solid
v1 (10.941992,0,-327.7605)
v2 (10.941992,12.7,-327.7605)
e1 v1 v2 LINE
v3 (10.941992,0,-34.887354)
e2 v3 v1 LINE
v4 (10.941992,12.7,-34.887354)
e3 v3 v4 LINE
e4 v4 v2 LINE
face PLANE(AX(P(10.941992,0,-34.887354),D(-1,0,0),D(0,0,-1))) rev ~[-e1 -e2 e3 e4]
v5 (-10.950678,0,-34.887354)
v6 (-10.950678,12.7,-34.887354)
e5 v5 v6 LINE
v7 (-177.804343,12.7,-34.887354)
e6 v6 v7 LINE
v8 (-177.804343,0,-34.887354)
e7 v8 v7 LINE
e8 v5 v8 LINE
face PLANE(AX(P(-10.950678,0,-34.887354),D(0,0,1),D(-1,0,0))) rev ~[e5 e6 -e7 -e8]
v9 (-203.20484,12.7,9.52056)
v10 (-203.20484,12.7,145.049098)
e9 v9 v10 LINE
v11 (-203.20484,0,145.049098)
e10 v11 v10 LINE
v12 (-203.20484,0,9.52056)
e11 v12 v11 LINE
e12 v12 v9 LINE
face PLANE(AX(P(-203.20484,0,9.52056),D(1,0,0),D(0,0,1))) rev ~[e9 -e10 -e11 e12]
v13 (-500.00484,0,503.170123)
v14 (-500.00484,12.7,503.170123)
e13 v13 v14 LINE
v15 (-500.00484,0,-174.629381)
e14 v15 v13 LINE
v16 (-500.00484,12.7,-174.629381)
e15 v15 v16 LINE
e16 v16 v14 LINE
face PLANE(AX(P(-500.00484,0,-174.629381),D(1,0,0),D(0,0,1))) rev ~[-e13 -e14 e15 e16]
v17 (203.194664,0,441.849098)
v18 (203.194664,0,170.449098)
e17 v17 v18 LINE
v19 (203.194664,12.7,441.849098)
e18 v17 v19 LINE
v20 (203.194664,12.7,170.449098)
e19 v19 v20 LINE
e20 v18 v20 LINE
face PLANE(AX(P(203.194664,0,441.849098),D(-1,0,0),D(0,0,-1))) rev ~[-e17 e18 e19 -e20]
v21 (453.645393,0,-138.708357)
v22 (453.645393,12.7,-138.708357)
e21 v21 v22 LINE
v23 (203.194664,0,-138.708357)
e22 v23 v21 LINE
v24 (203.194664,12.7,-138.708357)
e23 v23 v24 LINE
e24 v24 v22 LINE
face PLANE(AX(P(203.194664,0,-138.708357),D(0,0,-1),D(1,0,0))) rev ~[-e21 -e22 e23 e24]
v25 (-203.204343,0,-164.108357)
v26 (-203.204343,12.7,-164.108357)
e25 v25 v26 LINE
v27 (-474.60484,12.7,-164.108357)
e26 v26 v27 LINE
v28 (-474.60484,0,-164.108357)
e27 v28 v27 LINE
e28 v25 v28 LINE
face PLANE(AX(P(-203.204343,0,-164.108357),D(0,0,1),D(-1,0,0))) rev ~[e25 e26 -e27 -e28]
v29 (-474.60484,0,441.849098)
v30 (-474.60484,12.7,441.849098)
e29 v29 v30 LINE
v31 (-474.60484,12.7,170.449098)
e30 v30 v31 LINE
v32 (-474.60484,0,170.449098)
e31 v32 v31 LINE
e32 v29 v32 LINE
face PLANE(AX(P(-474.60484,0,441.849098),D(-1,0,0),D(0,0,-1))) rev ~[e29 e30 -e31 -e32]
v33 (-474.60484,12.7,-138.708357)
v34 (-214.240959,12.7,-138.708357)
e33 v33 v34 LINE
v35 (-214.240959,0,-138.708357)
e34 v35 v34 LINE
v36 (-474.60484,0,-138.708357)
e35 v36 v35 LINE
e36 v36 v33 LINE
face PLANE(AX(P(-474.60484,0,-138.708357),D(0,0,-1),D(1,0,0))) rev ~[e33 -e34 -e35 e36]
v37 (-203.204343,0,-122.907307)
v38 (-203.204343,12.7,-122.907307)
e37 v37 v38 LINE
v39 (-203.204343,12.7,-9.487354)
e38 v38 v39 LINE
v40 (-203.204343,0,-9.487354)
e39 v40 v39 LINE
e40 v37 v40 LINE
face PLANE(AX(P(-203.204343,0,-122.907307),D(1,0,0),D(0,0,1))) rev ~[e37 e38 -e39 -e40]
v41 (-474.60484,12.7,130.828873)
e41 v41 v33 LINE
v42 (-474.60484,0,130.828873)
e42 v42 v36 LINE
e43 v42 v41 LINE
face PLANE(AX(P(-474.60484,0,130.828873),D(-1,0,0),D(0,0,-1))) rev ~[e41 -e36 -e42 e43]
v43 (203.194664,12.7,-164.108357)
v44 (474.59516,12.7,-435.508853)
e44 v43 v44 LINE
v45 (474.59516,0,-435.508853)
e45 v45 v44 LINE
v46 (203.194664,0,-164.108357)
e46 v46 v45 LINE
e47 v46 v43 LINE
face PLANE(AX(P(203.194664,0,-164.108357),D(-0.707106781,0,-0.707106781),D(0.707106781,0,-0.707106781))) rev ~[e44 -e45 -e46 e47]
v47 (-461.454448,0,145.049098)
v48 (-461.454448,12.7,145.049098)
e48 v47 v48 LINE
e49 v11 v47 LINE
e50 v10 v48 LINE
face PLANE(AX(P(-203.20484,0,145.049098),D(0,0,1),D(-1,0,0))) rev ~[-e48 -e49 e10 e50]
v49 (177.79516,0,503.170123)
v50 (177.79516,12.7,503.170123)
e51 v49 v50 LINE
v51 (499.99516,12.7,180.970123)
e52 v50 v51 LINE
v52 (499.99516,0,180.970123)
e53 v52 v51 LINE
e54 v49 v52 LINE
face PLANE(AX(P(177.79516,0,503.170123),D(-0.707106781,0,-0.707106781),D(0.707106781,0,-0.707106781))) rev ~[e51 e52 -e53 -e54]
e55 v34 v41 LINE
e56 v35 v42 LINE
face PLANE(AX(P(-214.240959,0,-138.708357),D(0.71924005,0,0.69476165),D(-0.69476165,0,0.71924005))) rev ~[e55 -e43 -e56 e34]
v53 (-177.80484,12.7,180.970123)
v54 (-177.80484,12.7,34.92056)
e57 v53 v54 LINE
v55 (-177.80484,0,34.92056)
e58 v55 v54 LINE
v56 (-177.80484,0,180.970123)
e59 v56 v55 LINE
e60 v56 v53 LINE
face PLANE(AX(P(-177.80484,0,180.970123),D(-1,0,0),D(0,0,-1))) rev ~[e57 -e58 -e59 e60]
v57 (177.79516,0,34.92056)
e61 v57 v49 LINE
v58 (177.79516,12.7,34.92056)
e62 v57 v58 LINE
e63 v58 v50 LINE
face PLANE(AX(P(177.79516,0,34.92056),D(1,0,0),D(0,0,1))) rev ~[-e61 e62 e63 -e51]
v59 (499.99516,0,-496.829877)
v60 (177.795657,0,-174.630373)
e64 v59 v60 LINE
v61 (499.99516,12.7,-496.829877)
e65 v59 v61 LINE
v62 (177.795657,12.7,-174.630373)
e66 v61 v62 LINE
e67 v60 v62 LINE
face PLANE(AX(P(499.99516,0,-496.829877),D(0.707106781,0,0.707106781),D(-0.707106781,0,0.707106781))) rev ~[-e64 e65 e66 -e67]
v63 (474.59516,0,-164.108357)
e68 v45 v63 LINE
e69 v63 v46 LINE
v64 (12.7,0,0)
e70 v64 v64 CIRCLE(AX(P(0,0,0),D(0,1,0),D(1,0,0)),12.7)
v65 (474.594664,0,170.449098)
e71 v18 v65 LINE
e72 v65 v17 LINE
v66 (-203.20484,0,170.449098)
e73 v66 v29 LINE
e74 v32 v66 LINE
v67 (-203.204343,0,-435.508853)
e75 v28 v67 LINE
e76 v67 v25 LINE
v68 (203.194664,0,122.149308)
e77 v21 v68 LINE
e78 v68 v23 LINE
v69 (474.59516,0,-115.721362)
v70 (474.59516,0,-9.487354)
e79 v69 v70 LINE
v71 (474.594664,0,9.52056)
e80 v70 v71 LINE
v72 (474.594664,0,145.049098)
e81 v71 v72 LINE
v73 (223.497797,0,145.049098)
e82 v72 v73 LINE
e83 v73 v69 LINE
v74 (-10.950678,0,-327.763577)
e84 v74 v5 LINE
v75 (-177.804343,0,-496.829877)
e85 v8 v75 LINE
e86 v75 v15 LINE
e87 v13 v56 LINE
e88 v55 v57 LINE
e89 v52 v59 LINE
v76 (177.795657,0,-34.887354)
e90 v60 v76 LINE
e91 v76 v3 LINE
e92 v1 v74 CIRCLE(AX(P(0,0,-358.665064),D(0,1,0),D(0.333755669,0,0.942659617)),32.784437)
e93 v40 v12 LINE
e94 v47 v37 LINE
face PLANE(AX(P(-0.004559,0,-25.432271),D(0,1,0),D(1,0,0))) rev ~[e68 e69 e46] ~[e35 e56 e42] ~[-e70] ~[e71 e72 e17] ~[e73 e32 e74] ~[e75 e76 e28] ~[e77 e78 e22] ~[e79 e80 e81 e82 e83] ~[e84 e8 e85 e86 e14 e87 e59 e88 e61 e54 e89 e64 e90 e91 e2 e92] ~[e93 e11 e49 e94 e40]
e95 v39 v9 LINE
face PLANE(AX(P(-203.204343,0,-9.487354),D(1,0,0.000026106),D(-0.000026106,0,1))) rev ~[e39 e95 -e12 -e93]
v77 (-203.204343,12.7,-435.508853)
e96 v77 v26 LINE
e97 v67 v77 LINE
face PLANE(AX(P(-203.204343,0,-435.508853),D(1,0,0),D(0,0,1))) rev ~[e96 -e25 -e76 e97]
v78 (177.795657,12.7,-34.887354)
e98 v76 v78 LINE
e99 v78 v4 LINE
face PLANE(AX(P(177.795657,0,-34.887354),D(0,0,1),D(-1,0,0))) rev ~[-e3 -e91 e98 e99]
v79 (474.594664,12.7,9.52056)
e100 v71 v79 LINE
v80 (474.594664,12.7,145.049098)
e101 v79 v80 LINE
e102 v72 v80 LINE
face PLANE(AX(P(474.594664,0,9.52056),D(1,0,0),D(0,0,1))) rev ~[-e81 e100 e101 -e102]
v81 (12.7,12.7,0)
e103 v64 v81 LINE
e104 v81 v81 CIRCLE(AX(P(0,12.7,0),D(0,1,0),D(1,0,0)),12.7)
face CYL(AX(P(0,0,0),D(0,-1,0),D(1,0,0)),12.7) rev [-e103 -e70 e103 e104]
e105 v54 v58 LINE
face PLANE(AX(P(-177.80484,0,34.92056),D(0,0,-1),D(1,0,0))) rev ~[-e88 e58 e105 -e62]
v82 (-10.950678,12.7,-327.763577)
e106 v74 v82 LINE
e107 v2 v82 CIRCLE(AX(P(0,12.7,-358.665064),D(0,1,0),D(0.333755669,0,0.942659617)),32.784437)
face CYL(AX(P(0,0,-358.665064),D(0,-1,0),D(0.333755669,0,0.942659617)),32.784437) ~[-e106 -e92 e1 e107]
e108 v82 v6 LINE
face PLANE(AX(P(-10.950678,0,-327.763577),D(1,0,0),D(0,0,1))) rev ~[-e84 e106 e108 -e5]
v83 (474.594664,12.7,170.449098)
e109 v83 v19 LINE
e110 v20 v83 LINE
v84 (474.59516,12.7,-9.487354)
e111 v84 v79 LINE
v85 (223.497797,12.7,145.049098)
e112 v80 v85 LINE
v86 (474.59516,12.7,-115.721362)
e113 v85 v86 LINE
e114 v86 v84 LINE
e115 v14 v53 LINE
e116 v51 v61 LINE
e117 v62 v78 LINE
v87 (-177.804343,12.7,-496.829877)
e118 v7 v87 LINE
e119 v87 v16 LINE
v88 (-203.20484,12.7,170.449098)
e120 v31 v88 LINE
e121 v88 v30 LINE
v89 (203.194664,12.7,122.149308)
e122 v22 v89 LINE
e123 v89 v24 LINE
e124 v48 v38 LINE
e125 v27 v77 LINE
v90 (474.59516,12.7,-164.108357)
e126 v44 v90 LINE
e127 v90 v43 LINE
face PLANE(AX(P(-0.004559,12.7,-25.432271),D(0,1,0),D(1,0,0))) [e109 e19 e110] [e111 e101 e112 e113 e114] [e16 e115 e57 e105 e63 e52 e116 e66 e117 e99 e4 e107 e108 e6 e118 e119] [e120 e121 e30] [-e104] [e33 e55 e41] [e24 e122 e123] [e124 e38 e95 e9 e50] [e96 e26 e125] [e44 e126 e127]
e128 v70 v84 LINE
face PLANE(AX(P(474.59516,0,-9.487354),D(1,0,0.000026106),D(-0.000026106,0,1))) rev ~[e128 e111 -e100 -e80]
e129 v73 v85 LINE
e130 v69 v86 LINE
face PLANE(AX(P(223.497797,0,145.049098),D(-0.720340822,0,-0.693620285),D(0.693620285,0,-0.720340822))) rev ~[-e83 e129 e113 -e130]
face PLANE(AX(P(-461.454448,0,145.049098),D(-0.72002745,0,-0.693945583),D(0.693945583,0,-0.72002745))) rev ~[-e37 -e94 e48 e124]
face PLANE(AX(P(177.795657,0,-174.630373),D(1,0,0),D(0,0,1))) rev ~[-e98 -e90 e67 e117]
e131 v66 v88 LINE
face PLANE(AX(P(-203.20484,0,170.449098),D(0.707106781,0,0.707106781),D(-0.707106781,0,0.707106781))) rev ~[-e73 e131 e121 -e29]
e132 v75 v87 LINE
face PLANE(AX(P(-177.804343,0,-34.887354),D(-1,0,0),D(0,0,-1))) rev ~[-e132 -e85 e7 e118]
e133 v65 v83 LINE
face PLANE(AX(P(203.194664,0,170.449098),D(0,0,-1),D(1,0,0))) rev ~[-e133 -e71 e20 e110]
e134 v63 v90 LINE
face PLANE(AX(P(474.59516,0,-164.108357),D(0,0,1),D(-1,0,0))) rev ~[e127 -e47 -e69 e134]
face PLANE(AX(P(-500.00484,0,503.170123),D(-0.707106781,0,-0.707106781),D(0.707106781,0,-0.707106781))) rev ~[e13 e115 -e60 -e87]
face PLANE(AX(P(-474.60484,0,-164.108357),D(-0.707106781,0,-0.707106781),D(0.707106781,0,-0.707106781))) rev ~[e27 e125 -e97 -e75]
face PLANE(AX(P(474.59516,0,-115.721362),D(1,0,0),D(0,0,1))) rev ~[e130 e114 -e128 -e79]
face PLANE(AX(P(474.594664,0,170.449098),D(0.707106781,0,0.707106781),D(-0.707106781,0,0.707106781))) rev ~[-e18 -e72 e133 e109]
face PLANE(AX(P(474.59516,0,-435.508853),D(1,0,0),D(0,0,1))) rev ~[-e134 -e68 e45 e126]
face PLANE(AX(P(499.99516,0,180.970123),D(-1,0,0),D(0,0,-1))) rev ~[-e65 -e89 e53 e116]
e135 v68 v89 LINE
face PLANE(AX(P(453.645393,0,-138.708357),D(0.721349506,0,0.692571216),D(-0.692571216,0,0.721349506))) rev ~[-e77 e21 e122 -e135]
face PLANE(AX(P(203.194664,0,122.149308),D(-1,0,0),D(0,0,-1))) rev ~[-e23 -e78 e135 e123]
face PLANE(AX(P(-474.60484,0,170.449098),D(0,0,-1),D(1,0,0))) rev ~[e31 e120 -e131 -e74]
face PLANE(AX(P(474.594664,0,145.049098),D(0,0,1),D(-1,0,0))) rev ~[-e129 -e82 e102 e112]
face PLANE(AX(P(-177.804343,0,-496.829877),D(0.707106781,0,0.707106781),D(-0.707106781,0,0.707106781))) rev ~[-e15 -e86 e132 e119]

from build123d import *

# Parameters (mm, degrees)
SKETCH1_R           = 12.7
BOSS_EXTRUDE1_DEPTH = 12.7


with BuildPart() as part:
    # Sketch1 → Boss-Extrude1 (new body)
    with BuildSketch(Plane(origin=(0, 0, 0), x_dir=(1, 0, 0), z_dir=(0, 1, 0))):
        with BuildLine():
            Line((-177.80483956, -180.970122773), (-177.80483956, -34.920560393))
            Line((-177.80483956, -34.920560393), (177.79516044, -34.920560393))
            Line((177.79516044, -34.920560393), (177.79516044, -503.170122773))
            Line((177.79516044, -503.170122773), (499.99516044, -180.970122773))
            Line((499.99516044, -180.970122773), (499.99516044, 496.829877227))
            Line((499.99516044, 496.829877227), (177.795656663, 174.63037345))
            Line((177.795656663, 174.63037345), (177.795656663, 34.887353965))
            Line((177.795656663, 34.887353965), (10.941991643, 34.887353965))
            Line((10.941991643, 34.887353965), (10.941991643, 327.760499625))
            ThreePointArc((10.941991643, 327.760499625), (0.004607764, 391.44950084), (-10.950678316, 327.76357658))
            Line((-10.950678316, 327.76357658), (-10.950678316, 34.887353965))
            Line((-10.950678316, 34.887353965), (-177.804343337, 34.887353965))
            Line((-177.804343337, 34.887353965), (-177.804343337, 496.829877227))
            Line((-177.804343337, 496.829877227), (-500.00483956, 174.629381004))
            Line((-500.00483956, 174.629381004), (-500.00483956, -503.170122773))
            Line((-500.00483956, -503.170122773), (-177.80483956, -180.970122773))
        make_face()
        Polygon((-461.454447779, -145.049098288), (-203.204343337, 122.90730747), (-203.204343337, 9.487353965), (-203.20483956, -9.520560393), (-203.20483956, -145.049098288), align=None, mode=Mode.SUBTRACT)
        Polygon((-203.204343337, 164.10835652), (-474.60483956, 164.10835652), (-203.204343337, 435.508852743), align=None, mode=Mode.SUBTRACT)
        Polygon((-474.60483956, 138.70835652), (-214.240958944, 138.70835652), (-474.60483956, -130.828873379), align=None, mode=Mode.SUBTRACT)
        Polygon((-474.60483956, -170.449098288), (-203.20483956, -170.449098288), (-474.60483956, -441.849098288), align=None, mode=Mode.SUBTRACT)
        Polygon((474.59516044, 9.487353965), (474.594664217, -9.520560393), (474.594664217, -145.049098288), (223.497797401, -145.049098288), (474.59516044, 115.721361844), align=None, mode=Mode.SUBTRACT)
        Polygon((474.594664217, -170.449098288), (203.194664217, -441.849098288), (203.194664217, -170.449098288), align=None, mode=Mode.SUBTRACT)
        Polygon((203.194664217, -122.149307614), (203.194664217, 138.70835652), (453.645393175, 138.70835652), align=None, mode=Mode.SUBTRACT)
        Polygon((203.194664217, 164.10835652), (474.59516044, 435.508852743), (474.59516044, 164.10835652), align=None, mode=Mode.SUBTRACT)
        Circle(SKETCH1_R, mode=Mode.SUBTRACT)
    extrude(amount=BOSS_EXTRUDE1_DEPTH)


solid = part.part
